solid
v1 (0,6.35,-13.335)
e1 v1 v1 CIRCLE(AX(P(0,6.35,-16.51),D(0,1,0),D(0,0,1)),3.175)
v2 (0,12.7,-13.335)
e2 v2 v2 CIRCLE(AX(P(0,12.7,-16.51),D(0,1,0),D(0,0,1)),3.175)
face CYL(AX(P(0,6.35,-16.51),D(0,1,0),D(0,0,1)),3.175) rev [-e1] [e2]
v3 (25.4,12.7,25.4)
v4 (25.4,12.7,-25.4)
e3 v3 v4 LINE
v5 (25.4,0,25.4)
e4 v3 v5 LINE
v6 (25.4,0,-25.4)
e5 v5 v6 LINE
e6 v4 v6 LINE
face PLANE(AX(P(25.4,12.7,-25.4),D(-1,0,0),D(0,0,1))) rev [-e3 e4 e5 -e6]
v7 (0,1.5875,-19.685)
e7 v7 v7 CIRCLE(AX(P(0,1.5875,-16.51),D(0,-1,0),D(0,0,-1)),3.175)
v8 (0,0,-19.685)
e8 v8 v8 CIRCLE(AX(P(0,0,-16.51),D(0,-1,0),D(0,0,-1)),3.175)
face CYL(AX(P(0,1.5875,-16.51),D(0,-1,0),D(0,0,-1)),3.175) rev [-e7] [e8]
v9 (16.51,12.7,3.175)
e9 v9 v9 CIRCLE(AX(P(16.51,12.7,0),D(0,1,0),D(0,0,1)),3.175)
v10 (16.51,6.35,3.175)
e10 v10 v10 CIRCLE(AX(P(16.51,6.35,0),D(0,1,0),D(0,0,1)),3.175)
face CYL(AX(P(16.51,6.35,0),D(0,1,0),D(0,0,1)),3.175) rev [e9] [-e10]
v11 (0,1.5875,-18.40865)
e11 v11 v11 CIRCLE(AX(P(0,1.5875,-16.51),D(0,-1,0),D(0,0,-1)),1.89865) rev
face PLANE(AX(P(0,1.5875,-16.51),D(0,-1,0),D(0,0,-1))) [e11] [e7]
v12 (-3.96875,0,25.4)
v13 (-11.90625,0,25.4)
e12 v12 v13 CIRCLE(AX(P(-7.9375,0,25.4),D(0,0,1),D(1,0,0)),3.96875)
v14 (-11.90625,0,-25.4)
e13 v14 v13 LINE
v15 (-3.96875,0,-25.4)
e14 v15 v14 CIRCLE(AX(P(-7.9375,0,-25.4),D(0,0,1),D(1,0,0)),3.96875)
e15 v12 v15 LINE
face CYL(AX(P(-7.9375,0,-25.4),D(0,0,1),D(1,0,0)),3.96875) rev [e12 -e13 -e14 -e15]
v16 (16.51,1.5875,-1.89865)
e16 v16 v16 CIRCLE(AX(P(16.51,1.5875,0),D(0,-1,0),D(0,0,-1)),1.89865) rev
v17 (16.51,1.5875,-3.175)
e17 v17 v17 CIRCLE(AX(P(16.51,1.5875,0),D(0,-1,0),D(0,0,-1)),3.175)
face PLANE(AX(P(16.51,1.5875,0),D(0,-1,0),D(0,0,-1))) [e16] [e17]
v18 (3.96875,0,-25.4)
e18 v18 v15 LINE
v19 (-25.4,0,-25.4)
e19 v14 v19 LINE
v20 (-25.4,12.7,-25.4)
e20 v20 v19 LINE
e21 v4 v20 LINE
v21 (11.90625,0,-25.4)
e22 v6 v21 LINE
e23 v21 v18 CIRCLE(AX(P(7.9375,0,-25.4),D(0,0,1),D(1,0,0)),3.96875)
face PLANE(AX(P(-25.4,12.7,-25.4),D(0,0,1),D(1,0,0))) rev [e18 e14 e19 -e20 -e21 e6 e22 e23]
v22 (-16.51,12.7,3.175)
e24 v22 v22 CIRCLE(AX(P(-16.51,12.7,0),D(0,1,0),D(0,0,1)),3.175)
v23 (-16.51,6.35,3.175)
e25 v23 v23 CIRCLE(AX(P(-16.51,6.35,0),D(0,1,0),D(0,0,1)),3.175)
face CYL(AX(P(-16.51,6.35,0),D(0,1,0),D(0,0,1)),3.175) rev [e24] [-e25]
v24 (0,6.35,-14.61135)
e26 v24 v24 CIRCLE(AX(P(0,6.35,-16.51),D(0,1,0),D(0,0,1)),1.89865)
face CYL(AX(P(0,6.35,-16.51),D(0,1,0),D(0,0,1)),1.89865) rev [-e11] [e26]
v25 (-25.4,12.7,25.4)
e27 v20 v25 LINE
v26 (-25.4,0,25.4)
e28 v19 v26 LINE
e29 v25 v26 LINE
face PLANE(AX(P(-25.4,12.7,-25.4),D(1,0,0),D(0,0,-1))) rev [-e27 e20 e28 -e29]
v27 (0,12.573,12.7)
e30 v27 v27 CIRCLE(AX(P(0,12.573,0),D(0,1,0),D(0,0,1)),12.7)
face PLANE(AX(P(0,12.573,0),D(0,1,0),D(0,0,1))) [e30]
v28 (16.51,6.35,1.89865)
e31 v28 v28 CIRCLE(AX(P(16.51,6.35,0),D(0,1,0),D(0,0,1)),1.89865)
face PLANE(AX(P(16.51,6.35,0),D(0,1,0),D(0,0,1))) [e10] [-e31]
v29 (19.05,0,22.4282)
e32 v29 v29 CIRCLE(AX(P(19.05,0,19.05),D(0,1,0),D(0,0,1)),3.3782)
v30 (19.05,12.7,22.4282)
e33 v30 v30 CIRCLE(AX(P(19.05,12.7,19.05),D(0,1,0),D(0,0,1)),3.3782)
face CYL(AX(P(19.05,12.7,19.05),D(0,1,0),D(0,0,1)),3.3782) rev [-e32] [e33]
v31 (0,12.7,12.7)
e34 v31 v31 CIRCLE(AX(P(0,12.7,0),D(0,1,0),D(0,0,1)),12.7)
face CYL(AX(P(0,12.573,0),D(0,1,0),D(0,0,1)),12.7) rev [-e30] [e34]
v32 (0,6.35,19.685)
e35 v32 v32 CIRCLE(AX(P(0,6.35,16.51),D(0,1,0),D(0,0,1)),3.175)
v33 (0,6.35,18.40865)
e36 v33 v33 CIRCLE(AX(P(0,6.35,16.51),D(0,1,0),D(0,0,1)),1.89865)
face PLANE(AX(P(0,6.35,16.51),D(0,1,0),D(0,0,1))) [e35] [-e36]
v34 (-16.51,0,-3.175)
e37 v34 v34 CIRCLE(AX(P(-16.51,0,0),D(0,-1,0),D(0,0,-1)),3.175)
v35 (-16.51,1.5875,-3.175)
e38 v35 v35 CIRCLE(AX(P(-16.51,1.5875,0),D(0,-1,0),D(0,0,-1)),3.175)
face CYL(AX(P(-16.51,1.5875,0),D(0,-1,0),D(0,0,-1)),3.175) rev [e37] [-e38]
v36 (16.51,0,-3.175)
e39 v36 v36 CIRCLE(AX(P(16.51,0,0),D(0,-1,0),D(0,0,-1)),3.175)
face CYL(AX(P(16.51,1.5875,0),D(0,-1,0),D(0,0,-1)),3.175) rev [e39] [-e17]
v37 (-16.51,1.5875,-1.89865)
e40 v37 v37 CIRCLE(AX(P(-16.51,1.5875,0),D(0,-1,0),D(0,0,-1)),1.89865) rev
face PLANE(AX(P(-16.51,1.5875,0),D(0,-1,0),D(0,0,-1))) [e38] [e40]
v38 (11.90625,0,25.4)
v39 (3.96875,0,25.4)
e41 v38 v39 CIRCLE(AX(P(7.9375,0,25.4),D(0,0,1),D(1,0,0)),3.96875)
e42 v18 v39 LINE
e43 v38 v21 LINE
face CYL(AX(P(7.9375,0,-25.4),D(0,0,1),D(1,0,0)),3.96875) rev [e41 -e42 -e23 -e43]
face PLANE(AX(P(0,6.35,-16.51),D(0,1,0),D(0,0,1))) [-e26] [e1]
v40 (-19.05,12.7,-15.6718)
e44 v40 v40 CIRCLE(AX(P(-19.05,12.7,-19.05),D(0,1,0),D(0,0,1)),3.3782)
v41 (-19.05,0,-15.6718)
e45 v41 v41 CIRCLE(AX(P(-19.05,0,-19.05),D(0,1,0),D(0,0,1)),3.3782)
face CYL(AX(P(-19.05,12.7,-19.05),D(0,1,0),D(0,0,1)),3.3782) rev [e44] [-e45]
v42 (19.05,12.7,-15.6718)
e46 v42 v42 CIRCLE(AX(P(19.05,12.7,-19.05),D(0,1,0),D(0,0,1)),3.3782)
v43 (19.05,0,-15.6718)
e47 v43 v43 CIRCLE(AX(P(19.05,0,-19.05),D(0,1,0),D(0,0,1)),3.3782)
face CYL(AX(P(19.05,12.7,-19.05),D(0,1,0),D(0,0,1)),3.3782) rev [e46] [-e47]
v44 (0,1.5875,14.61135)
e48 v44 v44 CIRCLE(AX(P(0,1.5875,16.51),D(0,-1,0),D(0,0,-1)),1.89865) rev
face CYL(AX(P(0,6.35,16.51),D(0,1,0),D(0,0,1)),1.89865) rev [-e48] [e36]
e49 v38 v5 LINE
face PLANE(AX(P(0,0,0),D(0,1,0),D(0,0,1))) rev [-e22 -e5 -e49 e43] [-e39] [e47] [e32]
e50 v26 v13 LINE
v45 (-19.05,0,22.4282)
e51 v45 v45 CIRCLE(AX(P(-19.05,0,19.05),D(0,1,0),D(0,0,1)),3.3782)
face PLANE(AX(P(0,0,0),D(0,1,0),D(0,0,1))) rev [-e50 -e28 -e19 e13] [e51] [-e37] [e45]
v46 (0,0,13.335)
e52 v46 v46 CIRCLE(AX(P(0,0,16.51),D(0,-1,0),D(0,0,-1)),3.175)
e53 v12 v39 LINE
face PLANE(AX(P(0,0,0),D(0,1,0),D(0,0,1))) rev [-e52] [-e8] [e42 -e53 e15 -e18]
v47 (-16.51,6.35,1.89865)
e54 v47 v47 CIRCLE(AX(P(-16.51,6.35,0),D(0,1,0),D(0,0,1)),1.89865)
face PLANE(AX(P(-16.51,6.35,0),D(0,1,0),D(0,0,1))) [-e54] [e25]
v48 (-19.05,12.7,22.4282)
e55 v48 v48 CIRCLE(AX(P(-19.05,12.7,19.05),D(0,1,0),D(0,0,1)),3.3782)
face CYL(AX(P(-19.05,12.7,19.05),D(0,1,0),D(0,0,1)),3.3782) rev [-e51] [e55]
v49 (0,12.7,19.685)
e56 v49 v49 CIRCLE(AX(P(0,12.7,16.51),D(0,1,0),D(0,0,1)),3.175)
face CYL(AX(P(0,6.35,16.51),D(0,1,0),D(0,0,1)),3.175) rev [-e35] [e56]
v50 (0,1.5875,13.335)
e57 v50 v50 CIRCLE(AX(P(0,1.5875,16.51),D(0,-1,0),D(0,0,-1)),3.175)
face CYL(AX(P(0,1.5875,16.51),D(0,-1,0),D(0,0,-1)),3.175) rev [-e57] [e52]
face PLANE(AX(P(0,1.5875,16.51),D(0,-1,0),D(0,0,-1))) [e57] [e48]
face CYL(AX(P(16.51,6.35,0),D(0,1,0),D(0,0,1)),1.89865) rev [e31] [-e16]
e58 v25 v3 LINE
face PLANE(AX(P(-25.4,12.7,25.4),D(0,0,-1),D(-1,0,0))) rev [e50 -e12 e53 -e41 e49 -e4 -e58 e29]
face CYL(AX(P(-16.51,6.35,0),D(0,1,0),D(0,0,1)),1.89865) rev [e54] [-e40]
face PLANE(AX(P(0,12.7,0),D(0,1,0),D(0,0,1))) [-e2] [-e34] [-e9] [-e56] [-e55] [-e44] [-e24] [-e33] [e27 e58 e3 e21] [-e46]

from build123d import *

# Parameters (mm, degrees)
SKETCH1_W               = 50.8
SKETCH1_H               = 50.8
BOSS_EXTRUDE1_DEPTH     = 12.7
SKETCH2_R               = 3.96875
CUT_EXTRUDE1_DEPTH      = 59.198711326
F_1_4_CLEARANCE_HOLE1_D = 6.7564
SKETCH7_R               = 3.175
CUT_EXTRUDE2_DEPTH      = 6.35
F_6_CLEARANCE_HOLE1_D   = 3.7973
CUT_EXTRUDE5_START      = -1.5875
SKETCH15_R              = 3.175
CUT_EXTRUDE5_DEPTH      = 1.5875
SKETCH16_R              = 12.7
CUT_EXTRUDE6_DEPTH      = 0.127


with BuildPart() as part:
    # Sketch1 → Boss-Extrude1 (new body)
    with BuildSketch(Plane(origin=(0, 0, 0), x_dir=(1, 0, 0), z_dir=(0, 1, 0))):
        Rectangle(SKETCH1_W, SKETCH1_H)
    extrude(amount=BOSS_EXTRUDE1_DEPTH)

    # Sketch2 → Cut-Extrude1 (cut, through all)
    with BuildSketch(Plane.XY.offset(25.4)):
        with Locations((-7.9375, 0)):
            Circle(SKETCH2_R)
        with Locations((7.9375, 0)):
            Circle(SKETCH2_R)
    extrude(amount=-CUT_EXTRUDE1_DEPTH, mode=Mode.SUBTRACT)

    # 1/4 Clearance Hole1 (through all)
    with Locations(Plane(origin=(0, 12.7, 0), x_dir=(1, 0, 0), z_dir=(0, 1, 0))):
        with Locations((-19.05, -19.05), (-19.05, 19.05), (19.05, 19.05), (19.05, -19.05)):
            Hole(F_1_4_CLEARANCE_HOLE1_D / 2)

    # Sketch7 → Cut-Extrude2 (cut)
    with BuildSketch(Plane(origin=(0, 12.7, 0), x_dir=(1, 0, 0), z_dir=(0, 1, 0))):
        with Locations(Location((-16.51, 0, 0), (0, 0, 270))):
            Circle(SKETCH7_R)
        with Locations(Location((0, 16.51, 0), (0, 0, 270))):
            Circle(SKETCH7_R)
        with Locations(Location((16.51, 0, 0), (0, 0, 270))):
            Circle(SKETCH7_R)
        with Locations(Location((0, -16.51, 0), (0, 0, 270))):
            Circle(SKETCH7_R)
    extrude(amount=-CUT_EXTRUDE2_DEPTH, mode=Mode.SUBTRACT)

    # #6 Clearance Hole1 (through all)
    with Locations(Plane(origin=(0, 6.35, 0), x_dir=(1, 0, 0), z_dir=(0, 1, 0))):
        with Locations((-16.51, 0), (0, 16.51), (16.51, 0), (0, -16.51)):
            Hole(F_6_CLEARANCE_HOLE1_D / 2)

    # Sketch15 → Cut-Extrude5 (cut)
    with BuildSketch(Plane.XZ.offset(CUT_EXTRUDE5_START)):
        with Locations(Location((0, 16.51, 0), (0, 0, 90))):
            Circle(SKETCH15_R)
        with Locations(Location((16.51, 0, 0), (0, 0, 90))):
            Circle(SKETCH15_R)
        with Locations(Location((0, -16.51, 0), (0, 0, 90))):
            Circle(SKETCH15_R)
        with Locations(Location((-16.51, 0, 0), (0, 0, 90))):
            Circle(SKETCH15_R)
    extrude(amount=CUT_EXTRUDE5_DEPTH, mode=Mode.SUBTRACT)

    # Sketch16 → Cut-Extrude6 (cut)
    with BuildSketch(Plane(origin=(0, 12.7, 0), x_dir=(1, 0, 0), z_dir=(0, 1, 0))):
        with Locations(Location((0, 0, 0), (0, 0, 270))):
            Circle(SKETCH16_R)
    extrude(amount=-CUT_EXTRUDE6_DEPTH, mode=Mode.SUBTRACT)


solid = part.part
